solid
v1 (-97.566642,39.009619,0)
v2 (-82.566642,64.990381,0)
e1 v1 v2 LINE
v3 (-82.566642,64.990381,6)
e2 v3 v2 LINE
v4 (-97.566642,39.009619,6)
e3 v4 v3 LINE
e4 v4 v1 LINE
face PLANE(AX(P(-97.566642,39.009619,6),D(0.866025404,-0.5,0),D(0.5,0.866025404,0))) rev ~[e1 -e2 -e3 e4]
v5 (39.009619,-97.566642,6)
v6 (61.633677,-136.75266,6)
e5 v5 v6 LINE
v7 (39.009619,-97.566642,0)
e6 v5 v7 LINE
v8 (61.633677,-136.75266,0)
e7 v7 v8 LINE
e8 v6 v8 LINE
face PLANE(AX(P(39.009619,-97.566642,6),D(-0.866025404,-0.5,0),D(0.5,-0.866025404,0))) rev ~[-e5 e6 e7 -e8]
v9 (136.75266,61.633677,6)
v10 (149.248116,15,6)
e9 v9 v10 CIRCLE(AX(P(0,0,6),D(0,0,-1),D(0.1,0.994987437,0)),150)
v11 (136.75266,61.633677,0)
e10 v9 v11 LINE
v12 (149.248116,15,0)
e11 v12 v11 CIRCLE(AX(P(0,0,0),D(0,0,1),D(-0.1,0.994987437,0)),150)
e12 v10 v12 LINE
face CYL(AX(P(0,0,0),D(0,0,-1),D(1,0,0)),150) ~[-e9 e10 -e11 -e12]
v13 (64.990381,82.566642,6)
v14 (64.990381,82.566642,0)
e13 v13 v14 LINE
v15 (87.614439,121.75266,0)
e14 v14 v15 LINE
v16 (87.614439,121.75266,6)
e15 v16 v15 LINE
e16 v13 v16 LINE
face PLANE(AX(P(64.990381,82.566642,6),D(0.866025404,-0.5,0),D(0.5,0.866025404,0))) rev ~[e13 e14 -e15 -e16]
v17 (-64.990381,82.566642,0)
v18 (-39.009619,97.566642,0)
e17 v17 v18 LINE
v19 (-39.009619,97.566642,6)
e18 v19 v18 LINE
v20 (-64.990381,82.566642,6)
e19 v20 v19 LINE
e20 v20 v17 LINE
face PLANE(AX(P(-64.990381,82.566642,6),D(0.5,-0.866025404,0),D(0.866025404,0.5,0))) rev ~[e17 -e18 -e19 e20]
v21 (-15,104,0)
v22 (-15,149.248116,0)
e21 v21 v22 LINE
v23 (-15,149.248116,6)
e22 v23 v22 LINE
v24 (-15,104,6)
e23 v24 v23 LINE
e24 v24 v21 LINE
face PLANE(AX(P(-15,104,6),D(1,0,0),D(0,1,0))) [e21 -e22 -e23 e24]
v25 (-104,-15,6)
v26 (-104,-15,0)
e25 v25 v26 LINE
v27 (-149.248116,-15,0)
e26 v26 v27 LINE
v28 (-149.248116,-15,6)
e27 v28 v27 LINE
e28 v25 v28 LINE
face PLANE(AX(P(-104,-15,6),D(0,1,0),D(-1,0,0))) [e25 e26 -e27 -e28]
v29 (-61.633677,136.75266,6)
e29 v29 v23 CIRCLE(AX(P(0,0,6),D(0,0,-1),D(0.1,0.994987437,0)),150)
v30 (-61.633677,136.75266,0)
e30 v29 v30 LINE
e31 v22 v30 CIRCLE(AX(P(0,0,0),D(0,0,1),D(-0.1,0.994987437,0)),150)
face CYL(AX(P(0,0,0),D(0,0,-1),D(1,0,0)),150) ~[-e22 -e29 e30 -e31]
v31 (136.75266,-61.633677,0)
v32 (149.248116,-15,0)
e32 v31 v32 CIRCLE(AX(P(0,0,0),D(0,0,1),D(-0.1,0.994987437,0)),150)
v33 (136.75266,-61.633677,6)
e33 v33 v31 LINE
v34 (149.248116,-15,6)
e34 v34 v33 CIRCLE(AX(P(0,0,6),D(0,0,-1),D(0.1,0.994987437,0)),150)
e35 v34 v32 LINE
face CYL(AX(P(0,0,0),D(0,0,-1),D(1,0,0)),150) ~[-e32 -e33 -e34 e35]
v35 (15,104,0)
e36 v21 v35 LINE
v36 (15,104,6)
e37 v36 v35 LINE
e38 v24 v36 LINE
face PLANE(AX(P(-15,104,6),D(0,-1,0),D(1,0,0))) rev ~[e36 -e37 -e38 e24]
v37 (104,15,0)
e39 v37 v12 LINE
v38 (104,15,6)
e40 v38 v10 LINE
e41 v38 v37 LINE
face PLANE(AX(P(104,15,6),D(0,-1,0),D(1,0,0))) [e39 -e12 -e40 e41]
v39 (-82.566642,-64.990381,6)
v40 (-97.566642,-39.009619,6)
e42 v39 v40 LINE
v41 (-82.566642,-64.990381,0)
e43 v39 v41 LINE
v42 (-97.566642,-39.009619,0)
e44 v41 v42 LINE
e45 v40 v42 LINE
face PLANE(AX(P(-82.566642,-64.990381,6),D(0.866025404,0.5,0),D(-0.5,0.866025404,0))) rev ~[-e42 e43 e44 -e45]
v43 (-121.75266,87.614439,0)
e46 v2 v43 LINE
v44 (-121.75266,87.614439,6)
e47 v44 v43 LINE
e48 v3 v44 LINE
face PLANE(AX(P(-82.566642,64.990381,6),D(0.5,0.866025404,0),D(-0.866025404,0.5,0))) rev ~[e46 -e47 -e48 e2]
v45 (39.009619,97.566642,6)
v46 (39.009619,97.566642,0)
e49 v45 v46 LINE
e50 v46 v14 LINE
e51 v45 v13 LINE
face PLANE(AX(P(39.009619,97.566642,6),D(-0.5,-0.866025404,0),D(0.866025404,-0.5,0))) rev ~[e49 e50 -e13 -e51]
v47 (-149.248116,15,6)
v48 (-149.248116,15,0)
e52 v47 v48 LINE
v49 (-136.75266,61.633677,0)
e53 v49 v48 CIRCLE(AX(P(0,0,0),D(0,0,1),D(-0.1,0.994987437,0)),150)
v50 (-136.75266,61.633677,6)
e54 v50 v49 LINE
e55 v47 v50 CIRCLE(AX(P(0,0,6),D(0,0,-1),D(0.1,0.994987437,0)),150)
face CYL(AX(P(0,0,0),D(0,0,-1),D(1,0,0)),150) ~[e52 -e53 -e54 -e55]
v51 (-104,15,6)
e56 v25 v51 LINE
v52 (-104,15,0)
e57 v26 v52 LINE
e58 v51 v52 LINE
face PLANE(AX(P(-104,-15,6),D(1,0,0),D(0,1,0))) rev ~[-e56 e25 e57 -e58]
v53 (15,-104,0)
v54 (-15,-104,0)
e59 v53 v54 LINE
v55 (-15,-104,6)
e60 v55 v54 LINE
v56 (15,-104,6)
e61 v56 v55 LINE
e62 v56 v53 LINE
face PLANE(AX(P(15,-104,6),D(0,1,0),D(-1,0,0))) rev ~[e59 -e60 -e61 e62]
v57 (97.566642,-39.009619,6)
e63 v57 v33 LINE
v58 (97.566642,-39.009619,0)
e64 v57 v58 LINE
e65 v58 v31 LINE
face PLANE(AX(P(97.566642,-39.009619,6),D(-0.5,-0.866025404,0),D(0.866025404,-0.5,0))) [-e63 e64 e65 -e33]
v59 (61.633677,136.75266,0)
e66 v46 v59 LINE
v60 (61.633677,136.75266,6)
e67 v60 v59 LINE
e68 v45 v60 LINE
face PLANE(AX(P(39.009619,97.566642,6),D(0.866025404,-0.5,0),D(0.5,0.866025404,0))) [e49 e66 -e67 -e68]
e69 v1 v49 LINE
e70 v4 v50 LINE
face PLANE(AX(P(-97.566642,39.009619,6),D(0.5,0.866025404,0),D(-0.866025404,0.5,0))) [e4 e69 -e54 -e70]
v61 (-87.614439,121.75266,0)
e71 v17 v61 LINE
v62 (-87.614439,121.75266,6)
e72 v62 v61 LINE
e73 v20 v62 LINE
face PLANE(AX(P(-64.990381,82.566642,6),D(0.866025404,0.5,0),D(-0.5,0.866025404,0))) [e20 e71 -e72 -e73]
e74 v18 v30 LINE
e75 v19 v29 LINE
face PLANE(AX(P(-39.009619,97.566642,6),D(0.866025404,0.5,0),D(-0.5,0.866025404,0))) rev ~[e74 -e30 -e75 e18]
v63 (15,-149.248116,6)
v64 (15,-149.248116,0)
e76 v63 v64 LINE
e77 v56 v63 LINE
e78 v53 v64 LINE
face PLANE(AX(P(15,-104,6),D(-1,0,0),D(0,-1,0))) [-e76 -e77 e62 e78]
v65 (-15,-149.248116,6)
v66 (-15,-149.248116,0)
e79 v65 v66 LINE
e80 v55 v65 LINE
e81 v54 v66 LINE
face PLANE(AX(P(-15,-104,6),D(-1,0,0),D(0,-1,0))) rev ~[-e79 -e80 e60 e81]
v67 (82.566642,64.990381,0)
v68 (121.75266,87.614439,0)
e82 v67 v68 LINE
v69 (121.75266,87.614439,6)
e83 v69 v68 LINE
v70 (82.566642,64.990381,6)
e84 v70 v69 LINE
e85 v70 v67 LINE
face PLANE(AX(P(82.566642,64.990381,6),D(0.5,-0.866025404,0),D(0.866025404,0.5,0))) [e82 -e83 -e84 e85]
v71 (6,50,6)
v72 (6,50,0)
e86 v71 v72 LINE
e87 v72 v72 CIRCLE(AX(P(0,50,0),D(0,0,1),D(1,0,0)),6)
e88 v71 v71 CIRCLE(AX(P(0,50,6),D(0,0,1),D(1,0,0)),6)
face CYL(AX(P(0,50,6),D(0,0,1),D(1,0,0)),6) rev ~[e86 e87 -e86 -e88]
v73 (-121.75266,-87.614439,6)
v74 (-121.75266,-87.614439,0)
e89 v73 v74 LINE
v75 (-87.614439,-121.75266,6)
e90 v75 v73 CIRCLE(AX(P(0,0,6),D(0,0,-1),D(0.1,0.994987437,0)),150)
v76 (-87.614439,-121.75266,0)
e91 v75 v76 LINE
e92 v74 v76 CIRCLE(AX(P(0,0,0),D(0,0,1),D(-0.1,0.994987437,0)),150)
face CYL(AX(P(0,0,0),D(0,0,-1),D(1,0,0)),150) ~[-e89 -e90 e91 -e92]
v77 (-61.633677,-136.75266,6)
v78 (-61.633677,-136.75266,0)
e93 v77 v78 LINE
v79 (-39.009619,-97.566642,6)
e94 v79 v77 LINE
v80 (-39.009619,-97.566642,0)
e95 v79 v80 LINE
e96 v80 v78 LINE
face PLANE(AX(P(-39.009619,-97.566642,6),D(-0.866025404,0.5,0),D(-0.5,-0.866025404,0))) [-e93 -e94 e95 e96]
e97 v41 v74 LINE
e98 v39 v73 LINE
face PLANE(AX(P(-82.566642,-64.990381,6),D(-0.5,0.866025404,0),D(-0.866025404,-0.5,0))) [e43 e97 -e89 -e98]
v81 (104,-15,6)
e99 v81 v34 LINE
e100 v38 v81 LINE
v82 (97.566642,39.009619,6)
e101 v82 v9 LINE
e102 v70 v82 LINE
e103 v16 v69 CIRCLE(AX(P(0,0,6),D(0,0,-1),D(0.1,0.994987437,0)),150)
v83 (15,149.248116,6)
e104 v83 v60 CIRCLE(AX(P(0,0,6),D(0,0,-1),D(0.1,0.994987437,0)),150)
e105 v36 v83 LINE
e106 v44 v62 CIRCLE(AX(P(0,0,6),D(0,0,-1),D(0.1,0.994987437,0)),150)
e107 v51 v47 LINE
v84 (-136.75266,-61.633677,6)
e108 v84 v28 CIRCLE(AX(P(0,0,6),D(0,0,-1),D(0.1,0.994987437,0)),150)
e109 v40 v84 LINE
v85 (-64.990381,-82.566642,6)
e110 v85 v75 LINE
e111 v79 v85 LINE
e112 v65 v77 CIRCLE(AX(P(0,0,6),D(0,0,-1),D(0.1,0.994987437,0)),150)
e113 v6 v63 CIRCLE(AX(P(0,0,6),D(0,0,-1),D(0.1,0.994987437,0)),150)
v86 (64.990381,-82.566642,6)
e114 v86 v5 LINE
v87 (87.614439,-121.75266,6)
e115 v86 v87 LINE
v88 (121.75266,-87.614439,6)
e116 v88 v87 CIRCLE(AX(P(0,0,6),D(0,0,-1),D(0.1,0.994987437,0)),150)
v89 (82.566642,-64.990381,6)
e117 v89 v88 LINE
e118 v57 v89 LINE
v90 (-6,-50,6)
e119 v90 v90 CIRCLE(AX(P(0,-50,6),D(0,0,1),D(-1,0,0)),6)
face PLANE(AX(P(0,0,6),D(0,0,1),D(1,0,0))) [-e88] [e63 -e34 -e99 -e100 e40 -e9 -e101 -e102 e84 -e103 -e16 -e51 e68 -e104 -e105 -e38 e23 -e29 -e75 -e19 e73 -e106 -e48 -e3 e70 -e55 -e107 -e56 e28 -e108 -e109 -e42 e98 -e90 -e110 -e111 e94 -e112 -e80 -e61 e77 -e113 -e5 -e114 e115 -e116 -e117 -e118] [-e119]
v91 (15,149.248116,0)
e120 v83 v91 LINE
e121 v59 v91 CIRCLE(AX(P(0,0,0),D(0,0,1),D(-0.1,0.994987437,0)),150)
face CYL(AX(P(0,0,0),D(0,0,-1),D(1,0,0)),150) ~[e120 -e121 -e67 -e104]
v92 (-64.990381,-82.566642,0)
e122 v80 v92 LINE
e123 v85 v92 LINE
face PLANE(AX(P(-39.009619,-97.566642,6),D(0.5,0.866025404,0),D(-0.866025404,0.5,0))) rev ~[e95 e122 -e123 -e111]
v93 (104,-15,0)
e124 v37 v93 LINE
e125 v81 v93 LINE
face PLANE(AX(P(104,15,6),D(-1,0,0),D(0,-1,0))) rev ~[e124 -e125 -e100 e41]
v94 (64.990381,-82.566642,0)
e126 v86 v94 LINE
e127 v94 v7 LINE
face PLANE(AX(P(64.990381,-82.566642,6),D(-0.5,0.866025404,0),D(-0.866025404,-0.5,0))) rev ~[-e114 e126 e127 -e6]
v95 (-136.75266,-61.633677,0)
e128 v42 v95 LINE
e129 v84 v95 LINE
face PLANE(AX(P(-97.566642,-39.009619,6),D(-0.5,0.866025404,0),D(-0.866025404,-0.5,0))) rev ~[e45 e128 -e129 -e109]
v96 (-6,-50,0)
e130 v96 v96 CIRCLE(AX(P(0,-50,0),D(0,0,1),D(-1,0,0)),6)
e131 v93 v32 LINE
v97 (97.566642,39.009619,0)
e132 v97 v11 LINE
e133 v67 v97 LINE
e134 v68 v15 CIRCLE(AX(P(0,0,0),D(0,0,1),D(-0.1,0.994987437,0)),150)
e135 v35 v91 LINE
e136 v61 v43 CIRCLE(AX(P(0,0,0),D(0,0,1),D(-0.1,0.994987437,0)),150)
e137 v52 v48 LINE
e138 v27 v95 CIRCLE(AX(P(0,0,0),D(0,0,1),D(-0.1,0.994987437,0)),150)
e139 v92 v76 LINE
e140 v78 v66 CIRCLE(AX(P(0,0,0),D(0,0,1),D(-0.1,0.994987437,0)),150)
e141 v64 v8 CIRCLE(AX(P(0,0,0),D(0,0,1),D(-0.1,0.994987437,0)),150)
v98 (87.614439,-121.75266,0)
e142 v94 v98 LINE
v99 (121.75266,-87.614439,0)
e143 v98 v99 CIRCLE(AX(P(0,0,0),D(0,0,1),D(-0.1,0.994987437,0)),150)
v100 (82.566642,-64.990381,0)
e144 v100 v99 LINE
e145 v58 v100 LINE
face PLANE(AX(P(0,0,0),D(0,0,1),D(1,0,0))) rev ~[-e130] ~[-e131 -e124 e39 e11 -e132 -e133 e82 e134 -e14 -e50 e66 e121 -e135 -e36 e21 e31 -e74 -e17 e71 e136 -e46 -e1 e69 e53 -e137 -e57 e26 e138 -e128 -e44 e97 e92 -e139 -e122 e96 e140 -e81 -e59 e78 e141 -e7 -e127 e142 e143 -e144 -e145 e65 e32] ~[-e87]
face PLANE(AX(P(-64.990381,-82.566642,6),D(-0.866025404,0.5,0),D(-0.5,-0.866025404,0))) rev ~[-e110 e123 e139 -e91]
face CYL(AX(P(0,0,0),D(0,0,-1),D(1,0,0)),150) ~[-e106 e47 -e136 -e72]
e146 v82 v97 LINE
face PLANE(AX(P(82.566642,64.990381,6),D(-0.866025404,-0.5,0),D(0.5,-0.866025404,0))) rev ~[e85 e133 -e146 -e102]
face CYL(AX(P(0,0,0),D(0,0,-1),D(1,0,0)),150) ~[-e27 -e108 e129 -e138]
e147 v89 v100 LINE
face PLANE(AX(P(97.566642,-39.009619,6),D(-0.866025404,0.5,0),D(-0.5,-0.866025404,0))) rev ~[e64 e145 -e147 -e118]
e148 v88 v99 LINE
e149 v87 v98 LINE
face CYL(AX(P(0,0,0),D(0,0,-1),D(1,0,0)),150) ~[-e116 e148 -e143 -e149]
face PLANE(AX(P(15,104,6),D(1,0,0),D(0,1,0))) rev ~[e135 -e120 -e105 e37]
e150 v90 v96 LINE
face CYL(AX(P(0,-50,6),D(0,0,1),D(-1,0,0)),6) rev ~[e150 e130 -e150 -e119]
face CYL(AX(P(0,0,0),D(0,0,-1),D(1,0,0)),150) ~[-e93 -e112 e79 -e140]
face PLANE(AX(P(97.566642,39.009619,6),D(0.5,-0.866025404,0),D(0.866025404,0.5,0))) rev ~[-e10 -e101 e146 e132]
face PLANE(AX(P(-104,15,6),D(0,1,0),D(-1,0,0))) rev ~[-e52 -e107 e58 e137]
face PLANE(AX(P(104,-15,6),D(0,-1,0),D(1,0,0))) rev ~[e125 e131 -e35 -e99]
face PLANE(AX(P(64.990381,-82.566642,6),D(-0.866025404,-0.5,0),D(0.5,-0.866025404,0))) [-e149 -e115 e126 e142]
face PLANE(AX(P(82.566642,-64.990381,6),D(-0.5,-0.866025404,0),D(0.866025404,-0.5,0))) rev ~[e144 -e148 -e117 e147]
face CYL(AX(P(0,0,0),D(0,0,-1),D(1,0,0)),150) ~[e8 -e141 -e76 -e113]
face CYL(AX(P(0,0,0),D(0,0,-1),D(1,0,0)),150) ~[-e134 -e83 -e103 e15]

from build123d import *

# Parameters (mm, degrees)
SKETCH_R              = 150
PAD_DEPTH             = 6
SKETCH001_R           = 6
POCKET_DEPTH          = 854.613986
SKETCH002_W           = 30
SKETCH002_H           = 46
POCKET001_DEPTH       = 854.613986
POLARPATTERN_COUNT    = 12
POLARPATTERN001_COUNT = 2


with BuildPart() as part:
    # Sketch → Pad (new body)
    with BuildSketch(Plane.XY):
        Circle(SKETCH_R)
    extrude(amount=PAD_DEPTH)

    # Sketch001 (on Face3 of Pad) → Pocket (cut, through all)
    with BuildSketch(Plane.XY.offset(6)):
        with Locations((0, 50)):
            Circle(SKETCH001_R)
    pocket = extrude(amount=-POCKET_DEPTH, mode=Mode.SUBTRACT)

    # Sketch002 (on Face3 of Pocket) → Pocket001 (cut, through all)
    with BuildSketch(Plane.XY.offset(6)):
        with Locations((0, 127)):
            Rectangle(SKETCH002_W, SKETCH002_H)
    pocket001 = extrude(amount=-POCKET001_DEPTH, mode=Mode.SUBTRACT)

    # PolarPattern: Pocket001 ×12 about axis
    polarpattern_axis = Axis((0, 0, 6), (0, 0, 1))
    for i in range(1, POLARPATTERN_COUNT):
        add(pocket001.rotate(polarpattern_axis, i * 360 / POLARPATTERN_COUNT), mode=Mode.SUBTRACT)

    # PolarPattern001: Pocket ×2 about axis
    polarpattern001_axis = Axis((0, 0, 6), (0, 0, 1))
    for i in range(1, POLARPATTERN001_COUNT):
        add(pocket.rotate(polarpattern001_axis, i * 360 / POLARPATTERN001_COUNT), mode=Mode.SUBTRACT)


solid = part.part
